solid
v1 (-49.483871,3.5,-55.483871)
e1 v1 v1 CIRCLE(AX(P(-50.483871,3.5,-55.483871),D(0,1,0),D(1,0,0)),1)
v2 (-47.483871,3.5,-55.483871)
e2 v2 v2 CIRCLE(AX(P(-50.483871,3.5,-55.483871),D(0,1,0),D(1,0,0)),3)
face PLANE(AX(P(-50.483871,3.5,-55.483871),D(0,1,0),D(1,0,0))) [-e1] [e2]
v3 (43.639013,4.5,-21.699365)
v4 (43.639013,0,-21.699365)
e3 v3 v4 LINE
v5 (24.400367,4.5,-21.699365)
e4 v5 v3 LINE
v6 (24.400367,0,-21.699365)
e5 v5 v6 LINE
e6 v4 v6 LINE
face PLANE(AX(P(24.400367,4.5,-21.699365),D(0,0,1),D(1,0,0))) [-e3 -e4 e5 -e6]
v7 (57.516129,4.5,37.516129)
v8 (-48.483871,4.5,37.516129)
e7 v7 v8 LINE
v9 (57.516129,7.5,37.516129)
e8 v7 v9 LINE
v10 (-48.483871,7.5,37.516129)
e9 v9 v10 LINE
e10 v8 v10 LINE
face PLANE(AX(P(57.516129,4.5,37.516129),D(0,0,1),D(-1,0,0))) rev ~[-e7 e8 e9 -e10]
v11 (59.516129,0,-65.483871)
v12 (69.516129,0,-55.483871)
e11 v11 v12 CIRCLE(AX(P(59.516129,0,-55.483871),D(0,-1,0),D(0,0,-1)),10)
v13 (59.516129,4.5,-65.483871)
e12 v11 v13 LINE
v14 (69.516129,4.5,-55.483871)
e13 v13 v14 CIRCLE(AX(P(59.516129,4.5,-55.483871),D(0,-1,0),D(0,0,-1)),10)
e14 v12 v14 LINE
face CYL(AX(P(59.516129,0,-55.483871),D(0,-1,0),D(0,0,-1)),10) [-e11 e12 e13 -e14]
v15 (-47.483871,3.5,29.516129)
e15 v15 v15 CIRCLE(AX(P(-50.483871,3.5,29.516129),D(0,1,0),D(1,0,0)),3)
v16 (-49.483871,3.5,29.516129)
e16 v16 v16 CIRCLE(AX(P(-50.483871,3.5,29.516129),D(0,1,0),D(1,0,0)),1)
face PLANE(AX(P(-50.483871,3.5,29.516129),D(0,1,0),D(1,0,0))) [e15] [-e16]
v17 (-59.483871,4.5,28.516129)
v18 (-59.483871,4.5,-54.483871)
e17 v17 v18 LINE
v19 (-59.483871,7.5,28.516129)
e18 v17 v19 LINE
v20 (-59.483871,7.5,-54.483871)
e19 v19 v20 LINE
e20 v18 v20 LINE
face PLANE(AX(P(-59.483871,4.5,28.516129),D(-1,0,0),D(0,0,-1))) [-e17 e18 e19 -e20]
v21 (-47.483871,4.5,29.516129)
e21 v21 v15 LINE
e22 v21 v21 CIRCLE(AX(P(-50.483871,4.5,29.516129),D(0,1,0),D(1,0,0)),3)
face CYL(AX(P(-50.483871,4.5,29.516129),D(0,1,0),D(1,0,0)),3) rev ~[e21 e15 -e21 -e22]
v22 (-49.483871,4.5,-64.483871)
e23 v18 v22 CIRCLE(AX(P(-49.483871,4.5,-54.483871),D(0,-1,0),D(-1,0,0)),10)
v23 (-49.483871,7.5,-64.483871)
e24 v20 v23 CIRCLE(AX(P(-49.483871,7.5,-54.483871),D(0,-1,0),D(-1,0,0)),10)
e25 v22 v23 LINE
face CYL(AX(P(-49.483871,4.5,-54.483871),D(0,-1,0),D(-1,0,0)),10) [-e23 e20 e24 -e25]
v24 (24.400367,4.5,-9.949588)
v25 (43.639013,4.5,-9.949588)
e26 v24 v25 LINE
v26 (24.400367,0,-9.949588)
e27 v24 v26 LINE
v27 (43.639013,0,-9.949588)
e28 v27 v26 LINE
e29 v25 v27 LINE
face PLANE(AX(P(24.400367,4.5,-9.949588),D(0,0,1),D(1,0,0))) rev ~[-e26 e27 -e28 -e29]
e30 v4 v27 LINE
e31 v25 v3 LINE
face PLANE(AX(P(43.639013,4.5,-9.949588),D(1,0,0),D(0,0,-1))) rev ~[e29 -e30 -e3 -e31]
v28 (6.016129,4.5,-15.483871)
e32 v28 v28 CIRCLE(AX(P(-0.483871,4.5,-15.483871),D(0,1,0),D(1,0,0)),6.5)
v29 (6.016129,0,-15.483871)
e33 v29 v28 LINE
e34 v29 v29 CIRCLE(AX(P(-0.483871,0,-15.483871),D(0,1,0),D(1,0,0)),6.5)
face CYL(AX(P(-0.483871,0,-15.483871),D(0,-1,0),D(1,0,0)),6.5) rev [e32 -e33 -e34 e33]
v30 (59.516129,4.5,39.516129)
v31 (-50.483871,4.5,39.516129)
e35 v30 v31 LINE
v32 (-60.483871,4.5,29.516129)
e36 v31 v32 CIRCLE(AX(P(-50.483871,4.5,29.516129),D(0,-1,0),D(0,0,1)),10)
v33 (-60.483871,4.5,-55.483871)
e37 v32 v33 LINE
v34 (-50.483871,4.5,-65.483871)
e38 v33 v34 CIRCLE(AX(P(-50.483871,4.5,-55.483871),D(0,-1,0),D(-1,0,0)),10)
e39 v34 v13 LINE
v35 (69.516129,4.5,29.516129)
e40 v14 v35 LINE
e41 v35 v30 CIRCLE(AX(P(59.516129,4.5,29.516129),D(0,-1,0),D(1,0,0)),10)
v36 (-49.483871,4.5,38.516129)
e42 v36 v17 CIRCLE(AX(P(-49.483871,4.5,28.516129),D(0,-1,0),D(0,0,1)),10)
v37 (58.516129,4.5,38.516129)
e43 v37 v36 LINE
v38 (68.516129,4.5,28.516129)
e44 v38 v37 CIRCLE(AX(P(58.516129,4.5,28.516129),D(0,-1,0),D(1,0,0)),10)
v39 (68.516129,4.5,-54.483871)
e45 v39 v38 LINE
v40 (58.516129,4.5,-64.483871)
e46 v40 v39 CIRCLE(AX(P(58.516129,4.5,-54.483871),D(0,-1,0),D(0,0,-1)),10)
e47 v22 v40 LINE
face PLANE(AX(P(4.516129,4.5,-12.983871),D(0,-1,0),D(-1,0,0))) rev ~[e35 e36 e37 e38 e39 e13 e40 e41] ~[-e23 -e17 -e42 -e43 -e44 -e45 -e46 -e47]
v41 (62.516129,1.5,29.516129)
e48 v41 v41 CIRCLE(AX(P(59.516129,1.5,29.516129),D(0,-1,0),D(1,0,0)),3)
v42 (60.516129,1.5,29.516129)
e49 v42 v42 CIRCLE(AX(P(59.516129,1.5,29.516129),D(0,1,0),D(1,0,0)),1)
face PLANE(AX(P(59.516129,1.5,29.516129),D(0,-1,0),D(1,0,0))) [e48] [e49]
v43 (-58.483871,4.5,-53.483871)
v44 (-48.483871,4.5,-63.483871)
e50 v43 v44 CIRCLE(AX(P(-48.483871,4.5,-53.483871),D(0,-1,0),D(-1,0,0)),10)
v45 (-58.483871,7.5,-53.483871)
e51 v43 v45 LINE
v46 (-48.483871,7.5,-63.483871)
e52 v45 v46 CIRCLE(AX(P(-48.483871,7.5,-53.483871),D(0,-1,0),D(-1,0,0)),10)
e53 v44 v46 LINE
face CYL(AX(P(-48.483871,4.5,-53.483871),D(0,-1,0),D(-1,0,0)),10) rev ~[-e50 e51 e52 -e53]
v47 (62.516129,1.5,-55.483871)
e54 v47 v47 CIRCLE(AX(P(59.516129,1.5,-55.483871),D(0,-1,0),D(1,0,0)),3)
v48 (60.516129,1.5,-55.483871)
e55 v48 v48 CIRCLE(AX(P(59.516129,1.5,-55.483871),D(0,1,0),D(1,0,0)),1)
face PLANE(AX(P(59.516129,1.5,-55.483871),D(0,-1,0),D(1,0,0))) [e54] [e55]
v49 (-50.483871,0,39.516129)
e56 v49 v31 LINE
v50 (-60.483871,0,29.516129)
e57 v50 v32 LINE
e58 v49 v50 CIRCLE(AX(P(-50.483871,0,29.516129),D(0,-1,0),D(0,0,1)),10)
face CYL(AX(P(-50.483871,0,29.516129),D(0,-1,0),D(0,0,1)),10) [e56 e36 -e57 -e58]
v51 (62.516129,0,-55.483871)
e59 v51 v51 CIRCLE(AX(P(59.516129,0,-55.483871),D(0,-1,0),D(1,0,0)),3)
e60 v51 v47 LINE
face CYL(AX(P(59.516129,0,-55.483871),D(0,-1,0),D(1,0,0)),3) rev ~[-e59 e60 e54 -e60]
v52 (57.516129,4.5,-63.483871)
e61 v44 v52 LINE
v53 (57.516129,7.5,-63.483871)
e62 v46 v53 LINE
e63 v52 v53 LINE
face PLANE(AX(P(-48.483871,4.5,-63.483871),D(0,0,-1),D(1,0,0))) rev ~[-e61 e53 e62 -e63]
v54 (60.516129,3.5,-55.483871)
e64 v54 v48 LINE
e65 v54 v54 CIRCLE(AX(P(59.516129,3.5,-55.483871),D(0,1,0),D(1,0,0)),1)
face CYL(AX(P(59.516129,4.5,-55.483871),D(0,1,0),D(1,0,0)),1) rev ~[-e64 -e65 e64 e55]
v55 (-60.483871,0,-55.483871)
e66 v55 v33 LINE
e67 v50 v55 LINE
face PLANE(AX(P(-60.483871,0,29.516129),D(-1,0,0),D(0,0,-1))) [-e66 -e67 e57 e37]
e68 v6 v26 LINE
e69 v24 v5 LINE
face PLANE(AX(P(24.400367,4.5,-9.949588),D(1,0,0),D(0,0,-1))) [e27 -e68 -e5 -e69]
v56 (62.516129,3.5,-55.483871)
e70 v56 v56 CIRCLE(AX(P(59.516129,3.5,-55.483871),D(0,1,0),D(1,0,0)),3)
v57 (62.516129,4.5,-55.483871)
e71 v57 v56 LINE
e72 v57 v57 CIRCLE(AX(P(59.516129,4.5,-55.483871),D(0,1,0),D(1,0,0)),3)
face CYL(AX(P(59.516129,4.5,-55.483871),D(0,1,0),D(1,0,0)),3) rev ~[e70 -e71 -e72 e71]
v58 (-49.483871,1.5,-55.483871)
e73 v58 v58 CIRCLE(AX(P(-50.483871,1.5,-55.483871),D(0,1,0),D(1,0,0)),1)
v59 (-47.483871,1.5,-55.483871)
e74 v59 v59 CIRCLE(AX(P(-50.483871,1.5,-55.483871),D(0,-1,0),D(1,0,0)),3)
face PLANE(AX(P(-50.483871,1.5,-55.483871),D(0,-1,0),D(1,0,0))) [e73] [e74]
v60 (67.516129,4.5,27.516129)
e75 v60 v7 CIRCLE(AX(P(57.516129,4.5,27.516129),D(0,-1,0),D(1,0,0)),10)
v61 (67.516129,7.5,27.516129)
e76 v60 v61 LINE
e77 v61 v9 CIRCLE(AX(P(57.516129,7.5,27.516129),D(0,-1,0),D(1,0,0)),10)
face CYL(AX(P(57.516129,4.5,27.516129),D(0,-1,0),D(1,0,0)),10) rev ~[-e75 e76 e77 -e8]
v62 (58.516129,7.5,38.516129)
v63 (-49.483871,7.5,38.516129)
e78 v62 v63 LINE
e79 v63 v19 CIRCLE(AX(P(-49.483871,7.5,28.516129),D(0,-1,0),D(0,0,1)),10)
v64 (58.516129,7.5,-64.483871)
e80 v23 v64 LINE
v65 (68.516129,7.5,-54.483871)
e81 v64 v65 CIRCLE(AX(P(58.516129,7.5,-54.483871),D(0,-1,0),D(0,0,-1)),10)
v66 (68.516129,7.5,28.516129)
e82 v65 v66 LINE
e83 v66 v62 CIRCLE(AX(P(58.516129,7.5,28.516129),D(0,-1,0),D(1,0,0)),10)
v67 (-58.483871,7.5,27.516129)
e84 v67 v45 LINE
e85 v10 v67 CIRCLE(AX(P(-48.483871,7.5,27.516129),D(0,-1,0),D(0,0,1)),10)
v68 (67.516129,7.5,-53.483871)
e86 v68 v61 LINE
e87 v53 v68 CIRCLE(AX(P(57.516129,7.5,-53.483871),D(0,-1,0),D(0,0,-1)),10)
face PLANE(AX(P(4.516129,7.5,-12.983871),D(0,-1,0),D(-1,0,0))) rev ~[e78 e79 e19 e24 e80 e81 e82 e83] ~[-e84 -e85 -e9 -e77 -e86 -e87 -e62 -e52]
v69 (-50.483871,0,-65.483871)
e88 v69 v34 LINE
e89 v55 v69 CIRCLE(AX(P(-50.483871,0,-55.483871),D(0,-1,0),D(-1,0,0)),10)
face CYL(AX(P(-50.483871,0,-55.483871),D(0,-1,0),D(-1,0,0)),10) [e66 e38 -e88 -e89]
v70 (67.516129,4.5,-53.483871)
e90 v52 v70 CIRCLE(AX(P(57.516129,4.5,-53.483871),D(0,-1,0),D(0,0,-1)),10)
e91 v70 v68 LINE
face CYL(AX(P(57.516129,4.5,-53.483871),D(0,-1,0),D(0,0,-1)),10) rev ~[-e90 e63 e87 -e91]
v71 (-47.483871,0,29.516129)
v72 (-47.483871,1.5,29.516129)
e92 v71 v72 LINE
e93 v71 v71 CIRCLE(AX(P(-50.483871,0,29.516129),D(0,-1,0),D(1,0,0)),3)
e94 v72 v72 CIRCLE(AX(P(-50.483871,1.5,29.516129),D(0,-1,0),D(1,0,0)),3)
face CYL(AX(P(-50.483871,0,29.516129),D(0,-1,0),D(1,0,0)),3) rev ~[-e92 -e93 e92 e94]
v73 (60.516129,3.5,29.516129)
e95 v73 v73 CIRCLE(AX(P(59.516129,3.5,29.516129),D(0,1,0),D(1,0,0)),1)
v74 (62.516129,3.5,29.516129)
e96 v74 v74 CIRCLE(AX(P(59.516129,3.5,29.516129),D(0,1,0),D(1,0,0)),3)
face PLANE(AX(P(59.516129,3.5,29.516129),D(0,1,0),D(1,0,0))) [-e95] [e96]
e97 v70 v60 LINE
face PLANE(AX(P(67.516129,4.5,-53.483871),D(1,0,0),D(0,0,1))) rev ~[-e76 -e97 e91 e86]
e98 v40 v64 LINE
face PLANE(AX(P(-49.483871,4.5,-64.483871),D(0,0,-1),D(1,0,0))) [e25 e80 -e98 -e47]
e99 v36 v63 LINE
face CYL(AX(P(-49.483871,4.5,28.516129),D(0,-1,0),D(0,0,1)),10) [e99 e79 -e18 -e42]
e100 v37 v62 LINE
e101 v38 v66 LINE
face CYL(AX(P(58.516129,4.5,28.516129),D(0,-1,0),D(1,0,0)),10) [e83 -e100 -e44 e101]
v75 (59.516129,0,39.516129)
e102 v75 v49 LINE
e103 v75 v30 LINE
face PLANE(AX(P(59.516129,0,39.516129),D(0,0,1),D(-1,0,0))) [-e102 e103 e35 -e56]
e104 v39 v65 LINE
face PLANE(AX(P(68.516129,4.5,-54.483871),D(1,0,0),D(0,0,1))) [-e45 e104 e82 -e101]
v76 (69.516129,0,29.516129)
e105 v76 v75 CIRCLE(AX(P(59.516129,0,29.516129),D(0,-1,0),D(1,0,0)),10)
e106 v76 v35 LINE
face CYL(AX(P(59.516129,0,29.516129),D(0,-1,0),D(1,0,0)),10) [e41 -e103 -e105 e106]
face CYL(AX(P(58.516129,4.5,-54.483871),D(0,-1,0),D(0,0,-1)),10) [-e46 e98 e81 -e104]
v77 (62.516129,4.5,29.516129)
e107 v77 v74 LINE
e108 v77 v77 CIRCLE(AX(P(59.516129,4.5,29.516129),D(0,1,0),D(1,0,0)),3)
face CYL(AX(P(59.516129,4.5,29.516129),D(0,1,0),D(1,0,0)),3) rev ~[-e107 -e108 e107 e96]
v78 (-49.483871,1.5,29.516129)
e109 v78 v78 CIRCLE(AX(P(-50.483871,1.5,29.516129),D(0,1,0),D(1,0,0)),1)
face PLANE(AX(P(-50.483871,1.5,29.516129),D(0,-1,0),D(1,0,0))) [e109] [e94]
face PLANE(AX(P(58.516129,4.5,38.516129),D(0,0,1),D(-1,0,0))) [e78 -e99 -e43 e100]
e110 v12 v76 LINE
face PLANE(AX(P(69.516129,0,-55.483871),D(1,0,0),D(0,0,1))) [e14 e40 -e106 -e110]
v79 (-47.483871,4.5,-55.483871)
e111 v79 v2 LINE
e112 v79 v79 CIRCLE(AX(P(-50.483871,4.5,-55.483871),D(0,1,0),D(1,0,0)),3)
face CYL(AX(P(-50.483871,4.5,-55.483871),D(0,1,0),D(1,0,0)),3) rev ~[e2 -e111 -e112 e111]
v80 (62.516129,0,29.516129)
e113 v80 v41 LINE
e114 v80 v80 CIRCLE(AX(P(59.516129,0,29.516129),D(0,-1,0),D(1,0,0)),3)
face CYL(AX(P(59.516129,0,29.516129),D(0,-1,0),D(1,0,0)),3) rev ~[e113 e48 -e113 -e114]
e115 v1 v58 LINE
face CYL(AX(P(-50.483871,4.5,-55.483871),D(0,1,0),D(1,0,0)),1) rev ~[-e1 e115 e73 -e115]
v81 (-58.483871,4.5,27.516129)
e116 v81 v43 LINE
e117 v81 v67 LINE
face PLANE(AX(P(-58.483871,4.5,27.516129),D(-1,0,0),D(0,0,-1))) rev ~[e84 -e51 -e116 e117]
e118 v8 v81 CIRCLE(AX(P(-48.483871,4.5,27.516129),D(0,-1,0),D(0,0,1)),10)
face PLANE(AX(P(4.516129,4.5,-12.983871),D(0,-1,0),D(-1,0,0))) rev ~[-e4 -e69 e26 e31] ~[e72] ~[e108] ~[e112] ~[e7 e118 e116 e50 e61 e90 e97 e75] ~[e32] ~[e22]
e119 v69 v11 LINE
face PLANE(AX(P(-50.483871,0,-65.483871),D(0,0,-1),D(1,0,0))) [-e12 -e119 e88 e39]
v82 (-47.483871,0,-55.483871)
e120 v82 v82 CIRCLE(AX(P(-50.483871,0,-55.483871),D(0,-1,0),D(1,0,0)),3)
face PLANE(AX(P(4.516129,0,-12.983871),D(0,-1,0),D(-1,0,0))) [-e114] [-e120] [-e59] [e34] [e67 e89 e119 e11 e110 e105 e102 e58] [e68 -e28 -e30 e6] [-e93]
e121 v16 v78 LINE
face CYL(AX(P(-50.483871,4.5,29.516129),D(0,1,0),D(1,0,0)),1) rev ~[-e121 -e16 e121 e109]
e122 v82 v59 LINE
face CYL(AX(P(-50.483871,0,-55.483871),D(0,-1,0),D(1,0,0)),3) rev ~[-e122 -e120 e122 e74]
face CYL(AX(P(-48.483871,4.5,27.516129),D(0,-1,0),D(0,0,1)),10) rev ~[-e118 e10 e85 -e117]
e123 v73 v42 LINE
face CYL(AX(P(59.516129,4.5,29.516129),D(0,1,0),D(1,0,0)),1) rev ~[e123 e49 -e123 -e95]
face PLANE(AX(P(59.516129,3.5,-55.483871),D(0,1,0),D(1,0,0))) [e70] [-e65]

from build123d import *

# Parameters (mm, degrees)
SKETCH_1_R          = 6.5
EXTRUDE_1_DEPTH     = 4.5
EXTRUDE_2_DEPTH     = 3
SKETCH_3_R          = 1
CUT_EXTRUDE_1_DEPTH = 10
SKETCH_4_R          = 3
CUT_EXTRUDE_2_DEPTH = 1
SKETCH_5_R          = 3
CUT_EXTRUDE_3_DEPTH = 1.5
SKETCH_6_W          = 19.238645782
SKETCH_6_H          = 11.749776954
CUT_EXTRUDE_6_DEPTH = 10


with BuildPart() as part:
    # 草图1 → 凸台-拉伸1 (new body)
    with BuildSketch(Plane(origin=(0, 0, 0), x_dir=(1, 0, 0), z_dir=(0, 1, 0))):
        with BuildLine():
            Line((-50.483870968, 65.483870968), (59.516129032, 65.483870968))
            ThreePointArc((59.516129032, 65.483870968), (66.587196844, 62.55493878), (69.516129032, 55.483870968))
            Line((69.516129032, 55.483870968), (69.516129032, -29.516129032))
            ThreePointArc((69.516129032, -29.516129032), (66.587196844, -36.587196844), (59.516129032, -39.516129032))
            Line((59.516129032, -39.516129032), (-50.483870968, -39.516129032))
            ThreePointArc((-50.483870968, -39.516129032), (-57.55493878, -36.587196844), (-60.483870968, -29.516129032))
            Line((-60.483870968, -29.516129032), (-60.483870968, 55.483870968))
            ThreePointArc((-60.483870968, 55.483870968), (-57.55493878, 62.55493878), (-50.483870968, 65.483870968))
        make_face()
        with Locations((-0.483870968, 15.483870968)):
            Circle(SKETCH_1_R, mode=Mode.SUBTRACT)
    extrude(amount=EXTRUDE_1_DEPTH)

    # 草图2 → 凸台-拉伸2 (add)
    with BuildSketch(Plane(origin=(0, 4.5, 0), x_dir=(1, 0, 0), z_dir=(0, 1, 0))):
        with BuildLine():
            Line((-49.483870968, 64.483870968), (58.516129032, 64.483870968))
            ThreePointArc((58.516129032, 64.483870968), (65.587196844, 61.55493878), (68.516129032, 54.483870968))
            Line((68.516129032, 54.483870968), (68.516129032, -28.516129032))
            ThreePointArc((68.516129032, -28.516129032), (65.587196844, -35.587196844), (58.516129032, -38.516129032))
            Line((58.516129032, -38.516129032), (-49.483870968, -38.516129032))
            ThreePointArc((-49.483870968, -38.516129032), (-56.55493878, -35.587196844), (-59.483870968, -28.516129032))
            Line((-59.483870968, -28.516129032), (-59.483870968, 54.483870968))
            ThreePointArc((-59.483870968, 54.483870968), (-56.55493878, 61.55493878), (-49.483870968, 64.483870968))
        make_face()
        with BuildLine():
            Line((-48.483870968, 63.483870968), (57.516129032, 63.483870968))
            ThreePointArc((57.516129032, 63.483870968), (64.587196844, 60.55493878), (67.516129032, 53.483870968))
            Line((67.516129032, 53.483870968), (67.516129032, -27.516129032))
            ThreePointArc((67.516129032, -27.516129032), (64.587196844, -34.587196844), (57.516129032, -37.516129032))
            Line((57.516129032, -37.516129032), (-48.483870968, -37.516129032))
            ThreePointArc((-48.483870968, -37.516129032), (-55.55493878, -34.587196844), (-58.483870968, -27.516129032))
            Line((-58.483870968, -27.516129032), (-58.483870968, 53.483870968))
            ThreePointArc((-58.483870968, 53.483870968), (-55.55493878, 60.55493878), (-48.483870968, 63.483870968))
        make_face(mode=Mode.SUBTRACT)
    extrude(amount=EXTRUDE_2_DEPTH)

    # 草图3 → 切除-拉伸1 (cut)
    with BuildSketch(Plane(origin=(0, 4.5, 0), x_dir=(1, 0, 0), z_dir=(0, 1, 0))):
        with Locations((-50.483870968, 55.483870968)):
            Circle(SKETCH_3_R)
        with Locations((-50.483870968, -29.516129032)):
            Circle(SKETCH_3_R)
        with Locations((59.516129032, -29.516129032)):
            Circle(SKETCH_3_R)
        with Locations((59.516129032, 55.483870968)):
            Circle(SKETCH_3_R)
    extrude(amount=-CUT_EXTRUDE_1_DEPTH, mode=Mode.SUBTRACT)

    # 草图4 → 切除-拉伸2 (cut)
    with BuildSketch(Plane(origin=(0, 4.5, 0), x_dir=(1, 0, 0), z_dir=(0, 1, 0))):
        with Locations((-50.483870968, 55.483870968)):
            Circle(SKETCH_4_R)
        with Locations((59.516129032, 55.483870968)):
            Circle(SKETCH_4_R)
        with Locations((59.516129032, -29.516129032)):
            Circle(SKETCH_4_R)
        with Locations((-50.483870968, -29.516129032)):
            Circle(SKETCH_4_R)
    extrude(amount=-CUT_EXTRUDE_2_DEPTH, mode=Mode.SUBTRACT)

    # 草图5 → 切除-拉伸3 (cut)
    with BuildSketch(Plane.XZ):
        with Locations((-50.483870968, 29.516129032)):
            Circle(SKETCH_5_R)
        with Locations((59.516129032, 29.516129032)):
            Circle(SKETCH_5_R)
        with Locations((59.516129032, -55.483870968)):
            Circle(SKETCH_5_R)
        with Locations((-50.483870968, -55.483870968)):
            Circle(SKETCH_5_R)
    extrude(amount=-CUT_EXTRUDE_3_DEPTH, mode=Mode.SUBTRACT)

    # 草图6 → 切除-拉伸6 (cut)
    with BuildSketch(Plane(origin=(0, 4.5, 0), x_dir=(1, 0, 0), z_dir=(0, 1, 0))):
        with Locations((34.019689846, 15.824476385)):
            Rectangle(SKETCH_6_W, SKETCH_6_H)
    extrude(amount=-CUT_EXTRUDE_6_DEPTH, mode=Mode.SUBTRACT)


solid = part.part
